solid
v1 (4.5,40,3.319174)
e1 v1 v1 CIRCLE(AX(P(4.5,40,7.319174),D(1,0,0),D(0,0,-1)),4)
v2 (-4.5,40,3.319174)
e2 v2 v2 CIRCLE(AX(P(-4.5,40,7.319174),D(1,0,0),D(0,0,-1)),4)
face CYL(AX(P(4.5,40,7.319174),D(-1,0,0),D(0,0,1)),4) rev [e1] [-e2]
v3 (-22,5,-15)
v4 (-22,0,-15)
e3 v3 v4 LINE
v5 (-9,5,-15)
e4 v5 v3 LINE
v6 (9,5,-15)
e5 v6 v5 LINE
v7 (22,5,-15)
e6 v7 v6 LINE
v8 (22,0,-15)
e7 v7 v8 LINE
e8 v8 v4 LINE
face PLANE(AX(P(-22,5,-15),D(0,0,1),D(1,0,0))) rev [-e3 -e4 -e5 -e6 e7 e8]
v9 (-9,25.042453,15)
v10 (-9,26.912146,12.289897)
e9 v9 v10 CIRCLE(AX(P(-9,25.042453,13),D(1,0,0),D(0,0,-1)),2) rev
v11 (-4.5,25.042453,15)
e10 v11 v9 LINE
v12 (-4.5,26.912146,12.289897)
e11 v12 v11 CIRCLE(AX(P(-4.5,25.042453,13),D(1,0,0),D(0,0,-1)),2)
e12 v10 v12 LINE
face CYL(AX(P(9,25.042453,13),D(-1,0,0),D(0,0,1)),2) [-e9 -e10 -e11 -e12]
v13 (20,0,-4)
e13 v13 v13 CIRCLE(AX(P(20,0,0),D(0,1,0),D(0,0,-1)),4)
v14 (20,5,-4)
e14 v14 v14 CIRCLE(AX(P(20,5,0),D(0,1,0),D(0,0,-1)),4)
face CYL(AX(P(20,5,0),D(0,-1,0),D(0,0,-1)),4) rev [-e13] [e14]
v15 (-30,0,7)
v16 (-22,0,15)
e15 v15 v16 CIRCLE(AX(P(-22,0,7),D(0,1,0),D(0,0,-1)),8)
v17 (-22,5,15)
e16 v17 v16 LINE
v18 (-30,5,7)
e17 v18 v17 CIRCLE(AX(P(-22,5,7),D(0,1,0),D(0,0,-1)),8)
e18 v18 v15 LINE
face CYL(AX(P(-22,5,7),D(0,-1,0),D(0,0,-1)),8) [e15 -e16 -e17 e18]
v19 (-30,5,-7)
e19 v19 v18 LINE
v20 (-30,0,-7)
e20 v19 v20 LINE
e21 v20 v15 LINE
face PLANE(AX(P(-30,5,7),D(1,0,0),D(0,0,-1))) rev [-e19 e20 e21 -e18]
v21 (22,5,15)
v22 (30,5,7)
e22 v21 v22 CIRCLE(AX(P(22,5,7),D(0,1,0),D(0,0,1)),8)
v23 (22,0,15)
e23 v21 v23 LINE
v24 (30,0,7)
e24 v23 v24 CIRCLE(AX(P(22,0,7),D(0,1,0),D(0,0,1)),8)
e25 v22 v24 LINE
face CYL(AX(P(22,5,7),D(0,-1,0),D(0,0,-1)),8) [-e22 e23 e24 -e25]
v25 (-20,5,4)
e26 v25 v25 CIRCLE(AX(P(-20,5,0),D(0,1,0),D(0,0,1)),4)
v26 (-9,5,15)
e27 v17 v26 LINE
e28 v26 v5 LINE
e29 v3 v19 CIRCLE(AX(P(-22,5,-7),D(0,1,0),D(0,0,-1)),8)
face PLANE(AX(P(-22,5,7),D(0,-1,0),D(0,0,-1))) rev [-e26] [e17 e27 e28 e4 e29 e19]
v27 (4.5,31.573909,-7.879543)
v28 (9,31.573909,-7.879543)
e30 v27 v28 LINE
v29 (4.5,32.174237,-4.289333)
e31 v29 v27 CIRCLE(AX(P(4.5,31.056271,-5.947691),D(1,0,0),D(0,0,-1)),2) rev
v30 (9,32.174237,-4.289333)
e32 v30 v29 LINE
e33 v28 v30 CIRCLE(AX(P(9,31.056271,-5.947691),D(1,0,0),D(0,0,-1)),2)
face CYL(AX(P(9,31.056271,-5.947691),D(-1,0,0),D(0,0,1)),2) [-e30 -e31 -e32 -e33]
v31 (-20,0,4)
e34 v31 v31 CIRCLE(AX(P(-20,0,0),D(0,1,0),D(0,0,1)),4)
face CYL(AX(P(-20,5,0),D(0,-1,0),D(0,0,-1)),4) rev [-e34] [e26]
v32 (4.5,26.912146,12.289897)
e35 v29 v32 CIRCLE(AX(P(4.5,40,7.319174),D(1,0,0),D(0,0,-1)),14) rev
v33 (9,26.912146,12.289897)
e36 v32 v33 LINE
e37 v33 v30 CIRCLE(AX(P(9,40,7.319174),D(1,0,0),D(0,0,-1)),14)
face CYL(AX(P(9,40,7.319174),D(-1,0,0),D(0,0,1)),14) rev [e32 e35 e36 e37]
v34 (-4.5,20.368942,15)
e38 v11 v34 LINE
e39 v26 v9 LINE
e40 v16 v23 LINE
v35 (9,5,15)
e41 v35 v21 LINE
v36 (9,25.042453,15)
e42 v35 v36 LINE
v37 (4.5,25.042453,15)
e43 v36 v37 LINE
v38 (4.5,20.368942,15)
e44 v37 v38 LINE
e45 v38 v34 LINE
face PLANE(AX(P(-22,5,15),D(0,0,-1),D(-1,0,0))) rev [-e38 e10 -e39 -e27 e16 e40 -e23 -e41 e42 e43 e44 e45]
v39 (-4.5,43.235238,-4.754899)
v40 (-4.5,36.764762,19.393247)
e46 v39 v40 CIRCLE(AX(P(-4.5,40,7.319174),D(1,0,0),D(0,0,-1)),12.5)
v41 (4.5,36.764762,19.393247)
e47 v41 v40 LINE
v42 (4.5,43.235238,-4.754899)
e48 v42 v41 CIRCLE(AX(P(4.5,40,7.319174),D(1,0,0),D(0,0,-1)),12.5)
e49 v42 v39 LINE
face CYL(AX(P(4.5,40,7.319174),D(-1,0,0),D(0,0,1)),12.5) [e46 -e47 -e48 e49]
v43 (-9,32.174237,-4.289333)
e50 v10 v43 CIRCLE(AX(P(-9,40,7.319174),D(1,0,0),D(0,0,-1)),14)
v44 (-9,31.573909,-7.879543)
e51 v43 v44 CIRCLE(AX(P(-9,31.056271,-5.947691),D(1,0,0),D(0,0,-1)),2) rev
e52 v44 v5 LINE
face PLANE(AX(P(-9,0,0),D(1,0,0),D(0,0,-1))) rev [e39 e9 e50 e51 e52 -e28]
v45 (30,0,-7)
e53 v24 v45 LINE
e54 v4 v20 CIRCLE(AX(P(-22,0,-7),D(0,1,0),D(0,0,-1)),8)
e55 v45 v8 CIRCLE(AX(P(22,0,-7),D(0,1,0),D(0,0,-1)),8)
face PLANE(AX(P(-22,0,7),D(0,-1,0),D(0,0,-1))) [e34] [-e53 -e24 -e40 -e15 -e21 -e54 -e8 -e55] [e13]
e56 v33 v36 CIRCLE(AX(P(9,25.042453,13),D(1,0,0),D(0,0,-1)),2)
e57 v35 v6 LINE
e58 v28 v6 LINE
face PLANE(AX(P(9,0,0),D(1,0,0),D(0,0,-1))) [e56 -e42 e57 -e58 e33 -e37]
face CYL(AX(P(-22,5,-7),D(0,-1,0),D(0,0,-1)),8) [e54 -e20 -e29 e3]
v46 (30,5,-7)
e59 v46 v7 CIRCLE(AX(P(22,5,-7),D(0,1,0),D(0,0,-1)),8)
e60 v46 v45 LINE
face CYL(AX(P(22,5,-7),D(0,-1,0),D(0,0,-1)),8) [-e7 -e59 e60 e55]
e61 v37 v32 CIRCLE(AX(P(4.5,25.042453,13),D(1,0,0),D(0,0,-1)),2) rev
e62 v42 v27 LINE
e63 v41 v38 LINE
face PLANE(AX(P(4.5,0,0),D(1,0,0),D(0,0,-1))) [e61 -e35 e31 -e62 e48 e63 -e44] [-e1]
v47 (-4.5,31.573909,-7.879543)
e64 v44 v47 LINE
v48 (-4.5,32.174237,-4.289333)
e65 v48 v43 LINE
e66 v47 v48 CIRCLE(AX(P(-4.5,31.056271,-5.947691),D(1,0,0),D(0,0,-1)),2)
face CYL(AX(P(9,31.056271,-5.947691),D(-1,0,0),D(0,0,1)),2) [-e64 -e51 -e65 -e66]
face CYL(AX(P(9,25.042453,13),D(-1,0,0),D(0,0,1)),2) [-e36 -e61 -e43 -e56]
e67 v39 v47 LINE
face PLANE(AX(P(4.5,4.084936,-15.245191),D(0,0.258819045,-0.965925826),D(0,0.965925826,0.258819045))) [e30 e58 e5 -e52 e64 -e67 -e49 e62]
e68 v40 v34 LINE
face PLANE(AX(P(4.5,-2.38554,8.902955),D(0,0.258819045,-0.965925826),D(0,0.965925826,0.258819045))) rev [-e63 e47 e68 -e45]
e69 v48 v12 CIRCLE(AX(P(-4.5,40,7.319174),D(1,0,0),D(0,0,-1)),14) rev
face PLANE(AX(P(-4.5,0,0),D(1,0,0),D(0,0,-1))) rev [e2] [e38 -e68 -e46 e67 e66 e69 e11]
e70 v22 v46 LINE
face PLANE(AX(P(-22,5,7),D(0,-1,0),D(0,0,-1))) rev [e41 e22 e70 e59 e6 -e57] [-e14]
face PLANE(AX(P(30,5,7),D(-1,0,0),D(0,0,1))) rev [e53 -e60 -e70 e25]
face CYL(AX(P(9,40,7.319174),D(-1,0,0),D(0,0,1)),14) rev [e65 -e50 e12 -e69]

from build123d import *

# Parameters (mm, degrees)
SKETCH1_R           = 3.999999999999999
BOSS_EXTRUDE1_DEPTH = 5
SKETCH2_R           = 4.000000000000002
BOSS_EXTRUDE2_DEPTH = 4.5
BOSS_EXTRUDE3_DEPTH = 9
FILLET1_R           = 2


with BuildPart() as part:
    # Sketch1 → Boss-Extrude1 (new body)
    with BuildSketch(Plane(origin=(0, 0, 0), x_dir=(1, 0, 0), z_dir=(0, 1, 0))):
        with BuildLine():
            Line((-21.999999999999943, -15), (21.999999999999943, -15))
            ThreePointArc((21.999999999999943, -15), (27.65685424949238, -12.65685424949238), (30, -6.999999999999942))
            Line((30, -6.999999999999942), (30, 6.999999999999942))
            ThreePointArc((30, 6.999999999999942), (27.65685424949238, 12.65685424949238), (21.999999999999943, 15))
            Line((21.999999999999943, 15), (-21.999999999999943, 15))
            ThreePointArc((-21.999999999999943, 15), (-27.656854249492383, 12.65685424949238), (-30.000000000000004, 6.999999999999942))
            Line((-30.000000000000004, 6.999999999999942), (-30.000000000000004, -6.999999999999942))
            ThreePointArc((-30.000000000000004, -6.999999999999942), (-27.656854249492383, -12.656854249492383), (-21.999999999999943, -15))
        make_face()
        with Locations((-20.000000000000004, 0)):
            Circle(SKETCH1_R, mode=Mode.SUBTRACT)
        with Locations((19.99999999999999, 0)):
            Circle(SKETCH1_R, mode=Mode.SUBTRACT)
    extrude(amount=BOSS_EXTRUDE1_DEPTH)

    # Sketch2 → Boss-Extrude2 (add, symmetric)
    with BuildSketch(Plane(origin=(0, 0, 0), x_dir=(0, 0, -1), z_dir=(1, 0, 0))):
        with BuildLine():
            Line((-15, 20.368941598159466), (-15, 5))
            Line((-15, 5), (15, 5))
            Line((15.000000000000002, 5), (4.754898838397974, 43.23523806378153))
            ThreePointArc((4.754898838397979, 43.23523806378153), (-10.554412053996897, 52.07407282861335), (-19.39324681882872, 36.76476193621848))
            Line((-19.39324681882872, 36.76476193621847), (-15, 20.368941598159466))
        make_face()
        with Locations((-7.31917399021537, 40)):
            Circle(SKETCH2_R, mode=Mode.SUBTRACT)
    extrude(amount=BOSS_EXTRUDE2_DEPTH, both=True)

    # Sketch2<4> → Boss-Extrude3 (add, symmetric)
    with BuildSketch(Plane(origin=(0, 0, 0), x_dir=(0, 0, -1), z_dir=(1, 0, 0))):
        with BuildLine():
            Line((-15, 20.368941598159466), (-15, 5))
            Line((-15, 5), (15, 5))
            Line((15.000000000000004, 5), (6.386690828752239, 37.145307448395535))
            ThreePointArc((6.386690828752242, 37.145307448395535), (-1.9659638137879103, 27.06388231319019), (-15, 28.295090269147053))
            Line((-15, 28.295090269147053), (-15, 20.368941598159466))
        make_face()
    extrude(amount=BOSS_EXTRUDE3_DEPTH, both=True)

    # Fillet1
    fillet1_edges = [part.edges().sort_by_distance(p)[0] for p in [
        (-6.75, 37.145307448395535, -6.38669082875224),
        (-6.75, 28.295090269147053, 15),
        (6.75, 37.145307448395535, -6.38669082875224),
        (6.75, 28.295090269147053, 15),
    ]]
    fillet(fillet1_edges, radius=FILLET1_R)


solid = part.part
